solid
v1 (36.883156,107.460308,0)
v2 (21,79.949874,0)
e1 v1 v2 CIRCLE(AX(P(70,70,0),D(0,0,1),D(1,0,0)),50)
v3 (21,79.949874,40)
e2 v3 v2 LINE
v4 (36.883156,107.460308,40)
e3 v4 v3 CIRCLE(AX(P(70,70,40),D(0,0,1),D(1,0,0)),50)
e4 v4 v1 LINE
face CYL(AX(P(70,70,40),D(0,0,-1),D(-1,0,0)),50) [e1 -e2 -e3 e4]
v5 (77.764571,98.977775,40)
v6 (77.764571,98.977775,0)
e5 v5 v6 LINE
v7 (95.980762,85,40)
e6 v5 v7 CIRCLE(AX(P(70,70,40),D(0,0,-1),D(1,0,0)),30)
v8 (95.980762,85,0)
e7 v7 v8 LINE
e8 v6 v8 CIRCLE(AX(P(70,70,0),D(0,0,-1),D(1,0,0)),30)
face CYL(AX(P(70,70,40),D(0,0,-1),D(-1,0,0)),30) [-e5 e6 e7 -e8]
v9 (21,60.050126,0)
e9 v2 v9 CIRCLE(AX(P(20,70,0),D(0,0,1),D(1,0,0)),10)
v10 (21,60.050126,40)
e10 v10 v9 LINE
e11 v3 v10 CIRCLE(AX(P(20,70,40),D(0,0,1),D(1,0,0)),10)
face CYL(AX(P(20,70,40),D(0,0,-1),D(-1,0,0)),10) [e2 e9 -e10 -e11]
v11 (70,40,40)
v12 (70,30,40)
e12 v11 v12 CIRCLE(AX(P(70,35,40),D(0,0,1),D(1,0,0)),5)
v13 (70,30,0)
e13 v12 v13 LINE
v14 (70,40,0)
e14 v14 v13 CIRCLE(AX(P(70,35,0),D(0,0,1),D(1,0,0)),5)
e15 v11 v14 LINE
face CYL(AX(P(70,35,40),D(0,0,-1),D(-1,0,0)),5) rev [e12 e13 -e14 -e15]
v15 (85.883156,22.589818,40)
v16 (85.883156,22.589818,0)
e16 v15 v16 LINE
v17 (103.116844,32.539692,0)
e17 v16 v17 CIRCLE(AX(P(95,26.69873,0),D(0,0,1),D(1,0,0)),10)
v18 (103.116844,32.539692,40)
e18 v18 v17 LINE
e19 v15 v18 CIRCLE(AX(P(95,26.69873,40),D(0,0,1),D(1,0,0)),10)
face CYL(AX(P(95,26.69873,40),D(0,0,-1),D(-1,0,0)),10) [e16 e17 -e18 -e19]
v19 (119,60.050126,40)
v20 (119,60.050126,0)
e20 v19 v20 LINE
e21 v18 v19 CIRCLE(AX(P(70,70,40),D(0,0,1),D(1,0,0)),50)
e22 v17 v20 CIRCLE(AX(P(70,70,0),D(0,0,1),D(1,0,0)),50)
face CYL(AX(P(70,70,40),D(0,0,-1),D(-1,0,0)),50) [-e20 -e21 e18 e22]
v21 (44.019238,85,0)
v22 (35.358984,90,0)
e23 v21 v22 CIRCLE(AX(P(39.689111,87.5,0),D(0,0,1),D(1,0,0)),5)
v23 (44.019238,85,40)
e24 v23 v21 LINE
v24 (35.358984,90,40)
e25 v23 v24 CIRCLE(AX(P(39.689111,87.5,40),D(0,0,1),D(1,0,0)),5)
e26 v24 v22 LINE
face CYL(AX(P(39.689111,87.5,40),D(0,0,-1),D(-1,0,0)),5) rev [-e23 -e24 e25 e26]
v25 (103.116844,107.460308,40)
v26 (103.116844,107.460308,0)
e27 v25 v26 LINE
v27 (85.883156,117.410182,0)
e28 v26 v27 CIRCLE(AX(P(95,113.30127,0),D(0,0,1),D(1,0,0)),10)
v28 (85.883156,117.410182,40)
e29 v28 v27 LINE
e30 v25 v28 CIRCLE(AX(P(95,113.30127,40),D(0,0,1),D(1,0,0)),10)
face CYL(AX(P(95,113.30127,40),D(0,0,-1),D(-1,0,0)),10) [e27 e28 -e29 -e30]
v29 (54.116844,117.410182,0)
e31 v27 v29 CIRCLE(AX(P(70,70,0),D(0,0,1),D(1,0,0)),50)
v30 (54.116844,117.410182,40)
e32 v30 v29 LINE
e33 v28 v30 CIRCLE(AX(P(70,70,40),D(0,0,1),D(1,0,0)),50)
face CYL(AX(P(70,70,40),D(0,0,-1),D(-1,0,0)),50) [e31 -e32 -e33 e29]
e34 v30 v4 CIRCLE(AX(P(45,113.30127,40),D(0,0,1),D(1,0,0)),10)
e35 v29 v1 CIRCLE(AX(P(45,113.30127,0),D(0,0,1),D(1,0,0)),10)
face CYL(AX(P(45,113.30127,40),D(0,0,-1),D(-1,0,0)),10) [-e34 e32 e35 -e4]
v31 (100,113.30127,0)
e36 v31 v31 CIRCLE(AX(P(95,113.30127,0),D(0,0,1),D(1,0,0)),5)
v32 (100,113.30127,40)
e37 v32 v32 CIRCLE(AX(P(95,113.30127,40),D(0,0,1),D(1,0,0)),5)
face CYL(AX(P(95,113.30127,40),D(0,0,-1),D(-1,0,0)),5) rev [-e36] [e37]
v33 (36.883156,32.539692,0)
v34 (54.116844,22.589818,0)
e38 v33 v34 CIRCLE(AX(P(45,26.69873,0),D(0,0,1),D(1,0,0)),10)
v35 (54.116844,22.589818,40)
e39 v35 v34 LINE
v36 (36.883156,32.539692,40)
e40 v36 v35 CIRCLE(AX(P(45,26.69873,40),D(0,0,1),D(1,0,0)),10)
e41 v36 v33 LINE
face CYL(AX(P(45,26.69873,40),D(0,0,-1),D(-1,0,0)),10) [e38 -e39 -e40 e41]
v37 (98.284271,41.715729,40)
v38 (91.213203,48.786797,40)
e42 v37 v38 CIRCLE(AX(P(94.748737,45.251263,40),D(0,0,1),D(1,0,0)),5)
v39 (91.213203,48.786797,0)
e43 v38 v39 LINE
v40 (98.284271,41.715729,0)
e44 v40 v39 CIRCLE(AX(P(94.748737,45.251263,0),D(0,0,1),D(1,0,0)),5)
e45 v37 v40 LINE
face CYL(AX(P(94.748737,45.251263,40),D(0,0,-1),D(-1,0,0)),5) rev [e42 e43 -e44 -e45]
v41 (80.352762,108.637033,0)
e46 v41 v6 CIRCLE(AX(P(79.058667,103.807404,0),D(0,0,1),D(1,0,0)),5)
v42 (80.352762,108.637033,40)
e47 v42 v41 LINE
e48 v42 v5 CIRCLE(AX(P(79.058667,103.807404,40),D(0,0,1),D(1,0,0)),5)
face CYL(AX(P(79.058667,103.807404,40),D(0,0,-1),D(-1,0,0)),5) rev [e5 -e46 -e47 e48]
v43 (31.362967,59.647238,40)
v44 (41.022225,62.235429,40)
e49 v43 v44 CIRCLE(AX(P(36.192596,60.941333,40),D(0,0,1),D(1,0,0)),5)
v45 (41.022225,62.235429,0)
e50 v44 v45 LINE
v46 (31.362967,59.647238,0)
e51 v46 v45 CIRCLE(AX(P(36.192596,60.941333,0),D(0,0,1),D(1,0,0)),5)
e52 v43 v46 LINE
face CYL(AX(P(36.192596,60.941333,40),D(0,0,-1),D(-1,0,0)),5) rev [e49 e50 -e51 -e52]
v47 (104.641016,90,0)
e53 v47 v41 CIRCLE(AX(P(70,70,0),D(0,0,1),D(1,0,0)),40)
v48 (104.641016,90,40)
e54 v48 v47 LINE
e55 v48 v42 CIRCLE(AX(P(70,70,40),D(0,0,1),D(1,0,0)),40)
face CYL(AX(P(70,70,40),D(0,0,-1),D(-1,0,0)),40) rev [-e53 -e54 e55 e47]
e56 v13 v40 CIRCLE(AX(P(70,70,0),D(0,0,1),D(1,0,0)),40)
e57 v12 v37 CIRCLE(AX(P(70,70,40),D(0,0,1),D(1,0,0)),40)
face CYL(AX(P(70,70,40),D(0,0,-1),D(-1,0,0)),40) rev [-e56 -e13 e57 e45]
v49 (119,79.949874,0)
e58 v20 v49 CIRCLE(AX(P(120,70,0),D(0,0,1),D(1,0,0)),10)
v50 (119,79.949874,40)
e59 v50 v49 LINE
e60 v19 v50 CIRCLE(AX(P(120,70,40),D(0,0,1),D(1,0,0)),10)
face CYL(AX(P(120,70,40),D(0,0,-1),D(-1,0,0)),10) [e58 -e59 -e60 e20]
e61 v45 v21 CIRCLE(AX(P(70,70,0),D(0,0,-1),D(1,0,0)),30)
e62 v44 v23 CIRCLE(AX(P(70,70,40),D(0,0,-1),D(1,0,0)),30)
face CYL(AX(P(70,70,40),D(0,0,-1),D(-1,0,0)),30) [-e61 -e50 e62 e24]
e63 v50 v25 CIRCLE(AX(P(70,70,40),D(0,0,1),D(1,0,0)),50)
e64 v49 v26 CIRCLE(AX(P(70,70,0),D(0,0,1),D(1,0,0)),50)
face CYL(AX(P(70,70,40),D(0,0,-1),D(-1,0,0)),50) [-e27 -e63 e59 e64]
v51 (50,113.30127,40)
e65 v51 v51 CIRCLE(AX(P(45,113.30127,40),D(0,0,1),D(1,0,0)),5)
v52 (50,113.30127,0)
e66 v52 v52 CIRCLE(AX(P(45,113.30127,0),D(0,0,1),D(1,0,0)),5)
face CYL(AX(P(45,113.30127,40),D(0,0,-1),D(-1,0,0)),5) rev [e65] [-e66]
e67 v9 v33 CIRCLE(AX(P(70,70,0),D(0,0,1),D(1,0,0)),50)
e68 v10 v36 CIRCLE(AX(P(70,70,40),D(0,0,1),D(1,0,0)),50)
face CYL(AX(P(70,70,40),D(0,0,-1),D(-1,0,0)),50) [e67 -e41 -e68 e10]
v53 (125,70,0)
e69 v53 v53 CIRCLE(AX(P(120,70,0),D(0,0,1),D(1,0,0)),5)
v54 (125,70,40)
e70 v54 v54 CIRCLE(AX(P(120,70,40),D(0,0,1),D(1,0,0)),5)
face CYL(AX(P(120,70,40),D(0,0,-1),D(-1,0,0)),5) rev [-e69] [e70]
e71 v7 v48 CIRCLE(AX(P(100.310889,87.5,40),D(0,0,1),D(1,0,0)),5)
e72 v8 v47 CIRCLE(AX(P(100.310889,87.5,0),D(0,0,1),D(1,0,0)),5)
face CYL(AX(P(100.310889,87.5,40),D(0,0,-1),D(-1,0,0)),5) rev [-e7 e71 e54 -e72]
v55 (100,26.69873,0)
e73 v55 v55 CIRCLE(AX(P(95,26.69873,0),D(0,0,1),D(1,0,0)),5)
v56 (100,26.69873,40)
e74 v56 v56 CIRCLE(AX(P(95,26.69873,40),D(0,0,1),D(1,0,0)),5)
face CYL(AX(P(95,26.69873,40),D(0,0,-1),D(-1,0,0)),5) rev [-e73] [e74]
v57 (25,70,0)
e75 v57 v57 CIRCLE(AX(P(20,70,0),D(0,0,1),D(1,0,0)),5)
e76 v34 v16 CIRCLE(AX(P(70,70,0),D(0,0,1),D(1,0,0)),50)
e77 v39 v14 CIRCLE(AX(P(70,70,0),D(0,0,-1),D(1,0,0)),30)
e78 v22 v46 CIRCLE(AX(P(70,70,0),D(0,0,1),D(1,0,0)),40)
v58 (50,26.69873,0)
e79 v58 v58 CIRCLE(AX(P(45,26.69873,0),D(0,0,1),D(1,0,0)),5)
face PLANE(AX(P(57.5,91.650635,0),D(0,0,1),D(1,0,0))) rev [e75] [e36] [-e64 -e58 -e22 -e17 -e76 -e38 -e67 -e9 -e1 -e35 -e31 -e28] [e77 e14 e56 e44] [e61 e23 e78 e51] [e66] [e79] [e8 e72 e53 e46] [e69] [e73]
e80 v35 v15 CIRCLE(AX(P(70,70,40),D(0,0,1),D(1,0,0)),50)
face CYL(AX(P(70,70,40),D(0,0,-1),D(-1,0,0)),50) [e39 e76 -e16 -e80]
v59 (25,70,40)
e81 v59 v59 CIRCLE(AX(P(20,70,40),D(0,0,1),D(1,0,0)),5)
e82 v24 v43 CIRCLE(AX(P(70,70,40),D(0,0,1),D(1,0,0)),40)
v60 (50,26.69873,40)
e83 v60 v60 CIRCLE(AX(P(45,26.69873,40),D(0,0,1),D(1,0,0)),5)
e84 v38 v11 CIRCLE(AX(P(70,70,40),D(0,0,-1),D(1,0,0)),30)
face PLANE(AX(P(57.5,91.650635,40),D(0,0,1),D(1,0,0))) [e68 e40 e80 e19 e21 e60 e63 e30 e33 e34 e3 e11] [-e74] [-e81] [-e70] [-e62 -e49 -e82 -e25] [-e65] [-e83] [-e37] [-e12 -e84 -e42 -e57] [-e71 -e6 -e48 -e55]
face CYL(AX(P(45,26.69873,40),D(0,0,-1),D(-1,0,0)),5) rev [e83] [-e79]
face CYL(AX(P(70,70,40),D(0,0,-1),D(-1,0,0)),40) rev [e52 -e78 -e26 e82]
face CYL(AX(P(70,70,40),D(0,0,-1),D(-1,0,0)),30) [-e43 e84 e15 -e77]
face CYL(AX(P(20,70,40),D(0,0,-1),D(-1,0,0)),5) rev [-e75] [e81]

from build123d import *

# Parameters (mm, degrees)
SKETCH1_R           = 5
BOSS_EXTRUDE1_DEPTH = 40


with BuildPart() as part:
    # Sketch1 → Boss-Extrude1 (new body)
    with BuildSketch(Plane.XY):
        with BuildLine():
            ThreePointArc((119, 60.050125629), (130, 70), (119, 79.949874371))
            ThreePointArc((119, 79.949874371), (113.301270189, 95), (103.11684397, 107.4603076))
            ThreePointArc((103.11684397, 107.4603076), (100, 121.961524227), (85.88315603, 117.410181971))
            ThreePointArc((85.88315603, 117.410181971), (70, 120), (54.11684397, 117.410181971))
            ThreePointArc((54.11684397, 117.410181971), (40, 121.961524227), (36.88315603, 107.4603076))
            ThreePointArc((36.88315603, 107.4603076), (26.698729811, 95), (21, 79.949874371))
            ThreePointArc((21, 79.949874371), (10, 70), (21, 60.050125629))
            ThreePointArc((21, 60.050125629), (26.698729811, 45), (36.88315603, 32.5396924))
            ThreePointArc((36.88315603, 32.5396924), (40, 18.038475773), (54.11684397, 22.589818029))
            ThreePointArc((54.11684397, 22.589818029), (70, 20), (85.88315603, 22.589818029))
            ThreePointArc((85.88315603, 22.589818029), (100, 18.038475773), (103.11684397, 32.5396924))
            ThreePointArc((103.11684397, 32.5396924), (113.301270189, 45), (119, 60.050125629))
        make_face()
        with Locations((120, 70)):
            Circle(SKETCH1_R, mode=Mode.SUBTRACT)
        with Locations((95, 26.698729811)):
            Circle(SKETCH1_R, mode=Mode.SUBTRACT)
        with Locations((45, 26.698729811)):
            Circle(SKETCH1_R, mode=Mode.SUBTRACT)
        with Locations((20, 70)):
            Circle(SKETCH1_R, mode=Mode.SUBTRACT)
        with Locations((45, 113.301270189)):
            Circle(SKETCH1_R, mode=Mode.SUBTRACT)
        with Locations((95, 113.301270189)):
            Circle(SKETCH1_R, mode=Mode.SUBTRACT)
        with BuildLine():
            ThreePointArc((104.641016151, 90), (94.35045716, 101.734133612), (80.352761804, 108.637033052))
            ThreePointArc((80.352761804, 108.637033052), (74.229037447, 105.101499146), (77.764571353, 98.977774789))
            ThreePointArc((77.764571353, 98.977774789), (88.26284287, 93.800600209), (95.980762114, 85))
            ThreePointArc((95.980762114, 85), (102.810889132, 83.169872981), (104.641016151, 90))
        make_face(mode=Mode.SUBTRACT)
        with BuildLine():
            ThreePointArc((70, 30), (85.307337295, 33.0448187), (98.284271247, 41.715728753))
            ThreePointArc((98.284271247, 41.715728753), (98.284271247, 48.786796564), (91.213203436, 48.786796564))
            ThreePointArc((91.213203436, 48.786796564), (81.480502971, 42.283614025), (70, 40))
            ThreePointArc((70, 40), (65, 35), (70, 30))
        make_face(mode=Mode.SUBTRACT)
        with BuildLine():
            ThreePointArc((35.358983849, 90), (30.342205545, 75.221047689), (31.362966948, 59.647238196))
            ThreePointArc((31.362966948, 59.647238196), (37.486691305, 56.11170429), (41.022225211, 62.235428647))
            ThreePointArc((41.022225211, 62.235428647), (40.256654159, 73.915785767), (44.019237886, 85))
            ThreePointArc((44.019237886, 85), (42.189110868, 91.830127019), (35.358983849, 90))
        make_face(mode=Mode.SUBTRACT)
    extrude(amount=BOSS_EXTRUDE1_DEPTH)


solid = part.part
